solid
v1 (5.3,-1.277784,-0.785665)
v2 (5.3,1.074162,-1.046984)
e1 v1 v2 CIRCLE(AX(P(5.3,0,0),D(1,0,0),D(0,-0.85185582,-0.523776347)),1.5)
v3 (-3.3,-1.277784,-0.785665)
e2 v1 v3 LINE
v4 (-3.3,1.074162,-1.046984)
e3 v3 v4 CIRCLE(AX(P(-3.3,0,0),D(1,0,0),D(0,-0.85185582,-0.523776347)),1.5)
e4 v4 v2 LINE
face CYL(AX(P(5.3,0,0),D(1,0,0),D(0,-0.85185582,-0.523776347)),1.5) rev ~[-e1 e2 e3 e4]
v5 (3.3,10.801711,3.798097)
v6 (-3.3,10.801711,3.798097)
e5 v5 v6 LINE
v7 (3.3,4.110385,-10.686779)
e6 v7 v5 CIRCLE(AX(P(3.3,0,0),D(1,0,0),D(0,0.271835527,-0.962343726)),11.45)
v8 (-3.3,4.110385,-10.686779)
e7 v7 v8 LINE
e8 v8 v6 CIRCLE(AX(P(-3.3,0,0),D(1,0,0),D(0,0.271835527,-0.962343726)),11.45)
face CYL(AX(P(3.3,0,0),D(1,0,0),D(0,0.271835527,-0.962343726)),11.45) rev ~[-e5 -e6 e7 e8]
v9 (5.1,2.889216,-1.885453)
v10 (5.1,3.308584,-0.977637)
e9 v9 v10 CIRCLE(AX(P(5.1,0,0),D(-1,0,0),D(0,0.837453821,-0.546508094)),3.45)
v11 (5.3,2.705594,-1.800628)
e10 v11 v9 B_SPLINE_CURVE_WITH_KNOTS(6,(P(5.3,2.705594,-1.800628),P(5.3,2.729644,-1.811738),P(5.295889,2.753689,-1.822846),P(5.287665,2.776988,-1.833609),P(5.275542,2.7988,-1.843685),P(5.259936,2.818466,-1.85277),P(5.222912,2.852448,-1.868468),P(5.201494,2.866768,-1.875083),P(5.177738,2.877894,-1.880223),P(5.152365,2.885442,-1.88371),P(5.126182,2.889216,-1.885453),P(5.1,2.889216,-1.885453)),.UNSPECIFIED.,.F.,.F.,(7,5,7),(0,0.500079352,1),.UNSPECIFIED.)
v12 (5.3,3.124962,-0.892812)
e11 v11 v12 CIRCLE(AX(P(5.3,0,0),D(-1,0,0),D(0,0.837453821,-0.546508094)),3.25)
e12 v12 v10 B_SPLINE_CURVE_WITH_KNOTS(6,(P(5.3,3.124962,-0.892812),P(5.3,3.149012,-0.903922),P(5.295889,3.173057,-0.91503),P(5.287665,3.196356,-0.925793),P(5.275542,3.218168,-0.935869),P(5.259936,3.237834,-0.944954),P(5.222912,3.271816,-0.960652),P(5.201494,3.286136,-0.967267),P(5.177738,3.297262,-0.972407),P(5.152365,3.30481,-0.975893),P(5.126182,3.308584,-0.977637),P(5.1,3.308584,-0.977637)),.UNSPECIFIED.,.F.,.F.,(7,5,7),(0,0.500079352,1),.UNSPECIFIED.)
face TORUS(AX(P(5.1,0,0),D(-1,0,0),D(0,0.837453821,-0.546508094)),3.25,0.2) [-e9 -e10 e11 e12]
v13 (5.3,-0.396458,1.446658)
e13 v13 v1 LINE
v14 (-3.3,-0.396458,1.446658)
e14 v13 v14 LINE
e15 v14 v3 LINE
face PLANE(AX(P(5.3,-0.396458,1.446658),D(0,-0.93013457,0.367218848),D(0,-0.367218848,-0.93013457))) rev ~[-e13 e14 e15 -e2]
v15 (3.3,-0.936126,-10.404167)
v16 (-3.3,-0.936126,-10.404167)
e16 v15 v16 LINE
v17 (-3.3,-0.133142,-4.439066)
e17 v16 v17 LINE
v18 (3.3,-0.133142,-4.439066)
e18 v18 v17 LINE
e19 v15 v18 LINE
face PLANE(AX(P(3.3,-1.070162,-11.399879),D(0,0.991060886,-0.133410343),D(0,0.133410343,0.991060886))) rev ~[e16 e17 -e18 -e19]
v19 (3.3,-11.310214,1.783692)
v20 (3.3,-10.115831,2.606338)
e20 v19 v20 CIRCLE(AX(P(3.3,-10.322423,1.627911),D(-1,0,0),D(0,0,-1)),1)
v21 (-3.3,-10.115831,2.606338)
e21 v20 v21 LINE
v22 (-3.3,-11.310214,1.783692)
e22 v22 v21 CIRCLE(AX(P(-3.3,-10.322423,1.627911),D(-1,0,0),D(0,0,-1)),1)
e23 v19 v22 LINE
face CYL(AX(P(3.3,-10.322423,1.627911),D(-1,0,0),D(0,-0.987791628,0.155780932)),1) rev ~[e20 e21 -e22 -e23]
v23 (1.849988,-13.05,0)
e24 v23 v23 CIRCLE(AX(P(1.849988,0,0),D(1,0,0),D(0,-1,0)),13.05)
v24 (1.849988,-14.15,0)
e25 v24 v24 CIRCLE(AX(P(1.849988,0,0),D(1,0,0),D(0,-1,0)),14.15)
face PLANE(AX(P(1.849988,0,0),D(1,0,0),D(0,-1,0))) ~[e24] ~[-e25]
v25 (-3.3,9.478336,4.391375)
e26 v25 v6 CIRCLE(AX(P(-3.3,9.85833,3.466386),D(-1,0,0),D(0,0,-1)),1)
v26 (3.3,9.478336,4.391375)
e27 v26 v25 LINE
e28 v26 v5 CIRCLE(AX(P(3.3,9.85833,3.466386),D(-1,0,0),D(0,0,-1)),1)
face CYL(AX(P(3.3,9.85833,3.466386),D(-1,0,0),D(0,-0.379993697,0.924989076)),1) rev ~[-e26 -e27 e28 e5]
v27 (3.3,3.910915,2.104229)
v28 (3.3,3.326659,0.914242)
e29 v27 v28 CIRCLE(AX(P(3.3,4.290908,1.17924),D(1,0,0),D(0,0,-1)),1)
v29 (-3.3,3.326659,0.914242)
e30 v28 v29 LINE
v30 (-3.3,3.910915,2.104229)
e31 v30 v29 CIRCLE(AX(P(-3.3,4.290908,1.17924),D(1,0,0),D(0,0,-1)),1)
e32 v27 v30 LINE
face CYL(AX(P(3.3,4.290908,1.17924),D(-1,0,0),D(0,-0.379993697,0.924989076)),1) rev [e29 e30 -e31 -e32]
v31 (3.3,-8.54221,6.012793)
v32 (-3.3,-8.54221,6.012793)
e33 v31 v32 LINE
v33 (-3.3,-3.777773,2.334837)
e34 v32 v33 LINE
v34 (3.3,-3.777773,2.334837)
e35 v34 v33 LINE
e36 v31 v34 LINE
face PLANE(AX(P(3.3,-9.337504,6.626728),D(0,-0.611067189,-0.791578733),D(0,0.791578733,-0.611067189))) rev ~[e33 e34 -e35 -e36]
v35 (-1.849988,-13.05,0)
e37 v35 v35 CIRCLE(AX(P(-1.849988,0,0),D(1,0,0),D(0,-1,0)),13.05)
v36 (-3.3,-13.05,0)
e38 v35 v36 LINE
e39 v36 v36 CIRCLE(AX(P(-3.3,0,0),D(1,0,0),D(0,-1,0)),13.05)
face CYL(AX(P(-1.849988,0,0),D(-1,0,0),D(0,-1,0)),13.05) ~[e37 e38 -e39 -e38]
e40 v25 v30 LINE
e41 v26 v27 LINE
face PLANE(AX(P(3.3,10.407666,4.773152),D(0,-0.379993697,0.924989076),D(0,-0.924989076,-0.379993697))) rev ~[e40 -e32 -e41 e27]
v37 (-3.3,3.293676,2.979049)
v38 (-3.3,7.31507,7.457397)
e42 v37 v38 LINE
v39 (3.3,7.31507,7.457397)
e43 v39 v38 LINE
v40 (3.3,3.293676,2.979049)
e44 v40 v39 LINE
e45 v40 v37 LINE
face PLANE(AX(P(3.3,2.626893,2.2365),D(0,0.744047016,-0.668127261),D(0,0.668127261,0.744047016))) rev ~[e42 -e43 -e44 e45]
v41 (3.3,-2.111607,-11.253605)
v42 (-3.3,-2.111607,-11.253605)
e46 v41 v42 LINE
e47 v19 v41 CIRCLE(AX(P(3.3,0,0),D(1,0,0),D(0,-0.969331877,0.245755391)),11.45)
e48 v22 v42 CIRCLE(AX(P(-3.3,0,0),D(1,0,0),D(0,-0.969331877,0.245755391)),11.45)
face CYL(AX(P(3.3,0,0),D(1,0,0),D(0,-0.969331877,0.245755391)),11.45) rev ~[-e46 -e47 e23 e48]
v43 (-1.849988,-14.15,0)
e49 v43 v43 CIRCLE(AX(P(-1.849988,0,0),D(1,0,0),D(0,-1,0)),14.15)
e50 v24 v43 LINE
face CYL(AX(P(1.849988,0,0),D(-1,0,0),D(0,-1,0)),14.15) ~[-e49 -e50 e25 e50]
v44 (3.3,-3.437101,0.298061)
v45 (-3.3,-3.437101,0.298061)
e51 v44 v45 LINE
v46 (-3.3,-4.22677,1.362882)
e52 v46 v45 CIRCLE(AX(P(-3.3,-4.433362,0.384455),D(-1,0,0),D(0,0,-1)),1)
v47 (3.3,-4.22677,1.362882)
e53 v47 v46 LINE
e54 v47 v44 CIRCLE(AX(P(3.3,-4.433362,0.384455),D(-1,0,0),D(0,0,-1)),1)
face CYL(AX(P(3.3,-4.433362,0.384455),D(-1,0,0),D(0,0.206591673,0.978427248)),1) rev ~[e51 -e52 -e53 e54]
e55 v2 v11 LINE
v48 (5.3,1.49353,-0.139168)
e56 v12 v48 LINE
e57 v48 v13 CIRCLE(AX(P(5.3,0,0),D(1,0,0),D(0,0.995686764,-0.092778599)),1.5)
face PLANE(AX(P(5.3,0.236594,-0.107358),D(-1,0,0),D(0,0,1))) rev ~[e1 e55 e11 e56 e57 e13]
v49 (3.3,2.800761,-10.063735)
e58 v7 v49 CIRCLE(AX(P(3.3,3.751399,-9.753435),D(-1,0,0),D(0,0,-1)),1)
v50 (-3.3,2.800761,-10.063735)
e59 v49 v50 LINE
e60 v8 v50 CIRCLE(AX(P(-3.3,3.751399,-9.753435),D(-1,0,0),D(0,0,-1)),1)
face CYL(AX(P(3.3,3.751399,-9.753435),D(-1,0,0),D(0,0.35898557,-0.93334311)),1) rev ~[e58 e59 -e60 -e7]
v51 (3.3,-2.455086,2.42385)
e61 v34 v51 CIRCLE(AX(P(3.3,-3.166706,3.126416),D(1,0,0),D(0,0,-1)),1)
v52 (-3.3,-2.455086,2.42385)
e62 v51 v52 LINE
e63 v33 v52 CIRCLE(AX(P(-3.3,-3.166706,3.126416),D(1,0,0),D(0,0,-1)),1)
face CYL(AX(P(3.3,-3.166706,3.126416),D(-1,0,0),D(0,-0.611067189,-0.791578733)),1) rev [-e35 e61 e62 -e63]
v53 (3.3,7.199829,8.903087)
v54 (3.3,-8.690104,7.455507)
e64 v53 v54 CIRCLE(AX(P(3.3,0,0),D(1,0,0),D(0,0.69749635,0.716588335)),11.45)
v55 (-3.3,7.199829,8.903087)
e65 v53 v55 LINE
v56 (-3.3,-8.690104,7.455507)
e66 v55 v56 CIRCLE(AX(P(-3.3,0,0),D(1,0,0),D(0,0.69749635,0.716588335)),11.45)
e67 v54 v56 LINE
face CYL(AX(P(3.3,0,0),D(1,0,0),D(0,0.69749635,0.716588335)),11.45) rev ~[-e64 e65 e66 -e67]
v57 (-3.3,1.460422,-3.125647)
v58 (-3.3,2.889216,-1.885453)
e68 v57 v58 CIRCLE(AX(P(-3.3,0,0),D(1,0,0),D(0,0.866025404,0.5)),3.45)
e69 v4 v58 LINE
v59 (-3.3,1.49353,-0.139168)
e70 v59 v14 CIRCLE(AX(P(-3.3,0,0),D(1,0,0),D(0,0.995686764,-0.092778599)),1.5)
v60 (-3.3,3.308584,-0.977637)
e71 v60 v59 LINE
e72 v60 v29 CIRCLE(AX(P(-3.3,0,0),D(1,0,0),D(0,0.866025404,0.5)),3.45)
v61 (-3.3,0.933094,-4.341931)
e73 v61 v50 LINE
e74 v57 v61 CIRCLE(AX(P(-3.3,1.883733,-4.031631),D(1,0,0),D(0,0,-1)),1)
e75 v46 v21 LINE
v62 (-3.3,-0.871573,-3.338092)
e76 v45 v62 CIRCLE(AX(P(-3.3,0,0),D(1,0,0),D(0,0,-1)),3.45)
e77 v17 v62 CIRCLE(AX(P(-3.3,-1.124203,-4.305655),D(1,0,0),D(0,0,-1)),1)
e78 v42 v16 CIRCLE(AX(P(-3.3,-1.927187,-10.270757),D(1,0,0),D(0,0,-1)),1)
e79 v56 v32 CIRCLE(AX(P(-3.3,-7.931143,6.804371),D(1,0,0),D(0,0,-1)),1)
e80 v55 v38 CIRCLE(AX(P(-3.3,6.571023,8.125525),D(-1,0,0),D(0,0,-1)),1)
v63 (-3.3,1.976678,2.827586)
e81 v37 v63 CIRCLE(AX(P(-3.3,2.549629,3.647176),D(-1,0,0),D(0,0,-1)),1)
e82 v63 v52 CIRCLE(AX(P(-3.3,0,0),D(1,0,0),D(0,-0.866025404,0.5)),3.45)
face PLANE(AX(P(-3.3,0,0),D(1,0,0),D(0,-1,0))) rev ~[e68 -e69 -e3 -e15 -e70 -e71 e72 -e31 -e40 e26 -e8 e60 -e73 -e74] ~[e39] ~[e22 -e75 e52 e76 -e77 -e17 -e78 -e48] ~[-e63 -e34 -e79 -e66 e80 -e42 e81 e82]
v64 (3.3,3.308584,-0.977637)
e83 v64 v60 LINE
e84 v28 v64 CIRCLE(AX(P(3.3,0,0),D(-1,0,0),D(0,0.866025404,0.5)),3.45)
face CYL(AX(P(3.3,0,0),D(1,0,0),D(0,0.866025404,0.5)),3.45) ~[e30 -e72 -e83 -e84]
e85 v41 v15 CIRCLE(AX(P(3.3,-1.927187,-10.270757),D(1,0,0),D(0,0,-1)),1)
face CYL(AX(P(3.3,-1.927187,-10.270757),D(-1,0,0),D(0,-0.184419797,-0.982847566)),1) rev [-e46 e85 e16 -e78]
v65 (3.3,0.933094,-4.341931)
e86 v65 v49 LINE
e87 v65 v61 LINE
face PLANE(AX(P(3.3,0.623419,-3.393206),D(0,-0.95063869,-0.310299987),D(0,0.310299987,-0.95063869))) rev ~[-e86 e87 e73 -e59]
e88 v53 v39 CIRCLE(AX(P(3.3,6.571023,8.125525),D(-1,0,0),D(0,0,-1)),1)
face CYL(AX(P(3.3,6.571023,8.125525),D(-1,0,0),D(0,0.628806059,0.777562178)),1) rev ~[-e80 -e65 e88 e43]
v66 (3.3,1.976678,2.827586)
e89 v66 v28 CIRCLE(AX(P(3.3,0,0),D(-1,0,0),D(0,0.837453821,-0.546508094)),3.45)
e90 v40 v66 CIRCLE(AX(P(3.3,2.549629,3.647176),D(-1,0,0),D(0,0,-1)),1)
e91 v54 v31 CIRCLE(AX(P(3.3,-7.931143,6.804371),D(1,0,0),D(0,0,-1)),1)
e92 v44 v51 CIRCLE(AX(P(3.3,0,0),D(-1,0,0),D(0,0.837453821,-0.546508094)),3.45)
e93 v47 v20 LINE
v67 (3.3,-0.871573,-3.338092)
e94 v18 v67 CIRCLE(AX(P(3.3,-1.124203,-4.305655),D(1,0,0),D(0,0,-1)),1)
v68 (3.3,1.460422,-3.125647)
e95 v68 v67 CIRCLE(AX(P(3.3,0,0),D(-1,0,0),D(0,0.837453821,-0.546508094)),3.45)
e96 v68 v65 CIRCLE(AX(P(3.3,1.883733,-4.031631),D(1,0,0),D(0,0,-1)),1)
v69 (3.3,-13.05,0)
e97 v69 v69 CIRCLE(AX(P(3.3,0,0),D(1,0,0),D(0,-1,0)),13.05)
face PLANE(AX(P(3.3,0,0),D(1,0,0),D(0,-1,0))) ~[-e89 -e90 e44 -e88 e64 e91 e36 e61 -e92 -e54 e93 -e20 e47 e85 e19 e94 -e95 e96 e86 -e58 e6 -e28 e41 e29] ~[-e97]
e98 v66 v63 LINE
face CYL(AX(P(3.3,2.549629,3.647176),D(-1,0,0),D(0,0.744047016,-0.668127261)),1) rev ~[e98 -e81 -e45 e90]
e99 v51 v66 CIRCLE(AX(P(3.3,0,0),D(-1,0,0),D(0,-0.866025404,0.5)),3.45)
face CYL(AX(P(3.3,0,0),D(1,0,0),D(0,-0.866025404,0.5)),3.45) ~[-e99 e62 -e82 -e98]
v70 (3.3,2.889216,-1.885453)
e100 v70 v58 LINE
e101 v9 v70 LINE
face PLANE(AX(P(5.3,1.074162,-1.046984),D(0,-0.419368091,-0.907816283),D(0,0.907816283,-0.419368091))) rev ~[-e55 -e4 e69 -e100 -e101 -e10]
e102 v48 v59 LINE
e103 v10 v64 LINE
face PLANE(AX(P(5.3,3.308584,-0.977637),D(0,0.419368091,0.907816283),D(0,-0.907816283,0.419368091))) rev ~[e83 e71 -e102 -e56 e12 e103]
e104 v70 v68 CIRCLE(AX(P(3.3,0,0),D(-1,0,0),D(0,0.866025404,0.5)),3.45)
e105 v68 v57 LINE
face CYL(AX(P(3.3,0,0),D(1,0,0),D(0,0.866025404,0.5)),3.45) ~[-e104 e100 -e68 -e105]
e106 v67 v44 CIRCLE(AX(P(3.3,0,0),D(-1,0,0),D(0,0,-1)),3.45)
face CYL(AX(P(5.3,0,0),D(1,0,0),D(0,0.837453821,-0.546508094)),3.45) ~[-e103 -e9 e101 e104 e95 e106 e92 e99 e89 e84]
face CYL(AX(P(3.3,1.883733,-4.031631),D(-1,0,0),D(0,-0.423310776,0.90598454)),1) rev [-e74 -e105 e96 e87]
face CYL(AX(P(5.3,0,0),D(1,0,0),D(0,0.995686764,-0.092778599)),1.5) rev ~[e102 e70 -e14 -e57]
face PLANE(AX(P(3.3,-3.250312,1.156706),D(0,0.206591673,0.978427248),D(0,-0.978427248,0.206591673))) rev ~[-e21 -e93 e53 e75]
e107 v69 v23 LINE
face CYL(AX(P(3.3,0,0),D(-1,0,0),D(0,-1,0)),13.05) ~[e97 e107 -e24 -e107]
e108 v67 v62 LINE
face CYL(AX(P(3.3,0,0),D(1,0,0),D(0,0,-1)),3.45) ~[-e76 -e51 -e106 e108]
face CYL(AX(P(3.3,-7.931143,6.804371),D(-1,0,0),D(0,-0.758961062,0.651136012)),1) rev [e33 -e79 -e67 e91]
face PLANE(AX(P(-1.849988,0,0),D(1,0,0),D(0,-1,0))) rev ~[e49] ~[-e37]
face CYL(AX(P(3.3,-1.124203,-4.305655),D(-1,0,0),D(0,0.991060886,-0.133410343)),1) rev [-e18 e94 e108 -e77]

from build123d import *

# Parameters (mm, degrees)
ODEBRAT_VYSUNUT_M1_DEPTH = 10
ZAOBLIT1_R               = 1
ZAOBLIT2_R               = 1
ZAOBLIT4_R               = 1
ODEBRAT_VYSUNUT_M2_DEPTH = 10
P_IDAT_START             = 2
P_IDAT_VYSUNUT_M1_DEPTH  = 2
ZAOBLIT5_R               = 0.2


with BuildPart() as part:
    # Skica1 → Rotovat1 (revolve)
    with BuildSketch(Plane.XY, mode=Mode.PRIVATE) as rotovat1_sk:
        Polygon((1.849988347, 14.15), (-1.849988347, 14.15), (-1.849988347, 13.05), (-3.3, 13.05), (-3.3, 0), (3.3, 0), (3.3, 13.05), (1.849988347, 13.05), align=None)
    revolve(rotovat1_sk.sketch.rotate(Axis((-3.3, 0, 0), (1, 0, 0)), 180), axis=Axis((-3.3, 0, 0), (1, 0, 0)))

    # Skica2 → Odebrat vysunutím1 (cut)
    with BuildSketch(Plane(origin=(3.3, 0, 0), x_dir=(0, 0, -1), z_dir=(1, 0, 0))):
        with BuildLine():
            ThreePointArc((-1.725, 2.987787643), (1.446819914, 3.131966177), (3.393206272, 0.623418956))
            Line((3.393206272, 0.623418956), (11.018835658, 3.112516786))
            ThreePointArc((11.018835658, 3.112516786), (4.801764642, 10.394496444), (-4.773151875, 10.407666462))
            Line((-4.773151875, 10.407666462), (-1.725, 2.987787643))
        make_face()
        with BuildLine():
            ThreePointArc((-1.725, -2.987787643), (-3.43577223, -0.313000288), (-2.236499789, 2.626893354))
            Line((-2.236499789, 2.626893354), (-8.204936435, 7.986333207))
            ThreePointArc((-8.204936435, 7.986333207), (-11.402780301, -1.038798059), (-6.626727613, -9.33750401))
            Line((-6.626727613, -9.33750401), (-1.725, -2.987787643))
        make_face()
        with BuildLine():
            Line((11.399879487, -1.070162452), (3.45, 0))
            ThreePointArc((3.45, 0), (1.988952316, -2.818965889), (-1.156706483, -3.25031231))
            Line((-1.156706483, -3.25031231), (-2.813899223, -11.098849993))
            ThreePointArc((-2.813899223, -11.098849993), (6.601015659, -9.355698385), (11.399879487, -1.070162452))
        make_face()
    extrude(amount=-ODEBRAT_VYSUNUT_M1_DEPTH, mode=Mode.SUBTRACT)

    # Zaoblit1
    zaoblit1_edges = [part.edges().sort_by_distance(p)[0] for p in [
        (0, 7.986333207, 8.204936435),
    ]]
    fillet(zaoblit1_edges, radius=ZAOBLIT1_R)

    # Zaoblit2
    zaoblit2_edges = [part.edges().sort_by_distance(p)[0] for p in [
        (0, 10.407666462, 4.773151875),
        (0, 3.112516786, -11.018835658),
        (0, -9.33750401, 6.626727613),
        (0, -1.070162452, -11.399879487),
        (0, -11.098849993, 2.813899223),
    ]]
    fillet(zaoblit2_edges, radius=ZAOBLIT2_R)

    # Zaoblit4
    zaoblit4_edges = [part.edges().sort_by_distance(p)[0] for p in [
        (0, 0.623418956, -3.393206272),
        (0, 2.987787643, 1.725),
        (0, 2.626893354, 2.236499789),
        (0, -2.987787643, 1.725),
        (0, -3.25031231, 1.156706483),
        (0, 0, -3.45),
    ]]
    fillet(zaoblit4_edges, radius=ZAOBLIT4_R)

    # Skica3 → Odebrat vysunutím2 (cut)
    with BuildSketch(Plane(origin=(3.3, 0, 0), x_dir=(0, 0, -1), z_dir=(1, 0, 0))):
        with BuildLine():
            Line((1.046984184, 1.074162054), (1.885452924, 2.889215684))
            ThreePointArc((1.885452924, 2.889215684), (1.446819914, 3.131966177), (0.977636641, 3.308583775))
            Line((0.977636641, 3.308583775), (0.1391679, 1.493530146))
            ThreePointArc((0.1391679, 1.493530146), (-1.149085352, 0.964159143), (-1.446658447, -0.396458495))
            Line((-1.446658447, -0.396458495), (0.78566452, -1.277783731))
            ThreePointArc((0.78566452, -1.277783731), (1.490826134, -0.165642502), (1.046984184, 1.074162054))
        make_face()
    extrude(amount=-ODEBRAT_VYSUNUT_M2_DEPTH, mode=Mode.SUBTRACT)

    # Skica5 → Přidat vysunutím1 (add)
    with BuildSketch(Plane(origin=(3.3, 0, 0), x_dir=(0, 0, -1), z_dir=(1, 0, 0)).offset(P_IDAT_START)):
        with BuildLine():
            Line((0.977636641, 3.308583775), (0.1391679, 1.493530146))
            ThreePointArc((0.1391679, 1.493530146), (-1.149085352, 0.964159143), (-1.446658447, -0.396458495))
            Line((-1.446658447, -0.396458495), (0.78566452, -1.277783731))
            ThreePointArc((0.78566452, -1.277783731), (1.490826134, -0.165642502), (1.046984184, 1.074162054))
            Line((1.046984184, 1.074162054), (1.885452924, 2.889215684))
            ThreePointArc((1.885452924, 2.889215684), (-1.446819914, -3.131966177), (0.977636641, 3.308583775))
        make_face()
    extrude(amount=-P_IDAT_VYSUNUT_M1_DEPTH)

    # Zaoblit5
    zaoblit5_edges = [part.edges().sort_by_distance(p)[0] for p in [
        (5.3, -3.131966177, 1.446819914),
    ]]
    fillet(zaoblit5_edges, radius=ZAOBLIT5_R)


solid = part.part
